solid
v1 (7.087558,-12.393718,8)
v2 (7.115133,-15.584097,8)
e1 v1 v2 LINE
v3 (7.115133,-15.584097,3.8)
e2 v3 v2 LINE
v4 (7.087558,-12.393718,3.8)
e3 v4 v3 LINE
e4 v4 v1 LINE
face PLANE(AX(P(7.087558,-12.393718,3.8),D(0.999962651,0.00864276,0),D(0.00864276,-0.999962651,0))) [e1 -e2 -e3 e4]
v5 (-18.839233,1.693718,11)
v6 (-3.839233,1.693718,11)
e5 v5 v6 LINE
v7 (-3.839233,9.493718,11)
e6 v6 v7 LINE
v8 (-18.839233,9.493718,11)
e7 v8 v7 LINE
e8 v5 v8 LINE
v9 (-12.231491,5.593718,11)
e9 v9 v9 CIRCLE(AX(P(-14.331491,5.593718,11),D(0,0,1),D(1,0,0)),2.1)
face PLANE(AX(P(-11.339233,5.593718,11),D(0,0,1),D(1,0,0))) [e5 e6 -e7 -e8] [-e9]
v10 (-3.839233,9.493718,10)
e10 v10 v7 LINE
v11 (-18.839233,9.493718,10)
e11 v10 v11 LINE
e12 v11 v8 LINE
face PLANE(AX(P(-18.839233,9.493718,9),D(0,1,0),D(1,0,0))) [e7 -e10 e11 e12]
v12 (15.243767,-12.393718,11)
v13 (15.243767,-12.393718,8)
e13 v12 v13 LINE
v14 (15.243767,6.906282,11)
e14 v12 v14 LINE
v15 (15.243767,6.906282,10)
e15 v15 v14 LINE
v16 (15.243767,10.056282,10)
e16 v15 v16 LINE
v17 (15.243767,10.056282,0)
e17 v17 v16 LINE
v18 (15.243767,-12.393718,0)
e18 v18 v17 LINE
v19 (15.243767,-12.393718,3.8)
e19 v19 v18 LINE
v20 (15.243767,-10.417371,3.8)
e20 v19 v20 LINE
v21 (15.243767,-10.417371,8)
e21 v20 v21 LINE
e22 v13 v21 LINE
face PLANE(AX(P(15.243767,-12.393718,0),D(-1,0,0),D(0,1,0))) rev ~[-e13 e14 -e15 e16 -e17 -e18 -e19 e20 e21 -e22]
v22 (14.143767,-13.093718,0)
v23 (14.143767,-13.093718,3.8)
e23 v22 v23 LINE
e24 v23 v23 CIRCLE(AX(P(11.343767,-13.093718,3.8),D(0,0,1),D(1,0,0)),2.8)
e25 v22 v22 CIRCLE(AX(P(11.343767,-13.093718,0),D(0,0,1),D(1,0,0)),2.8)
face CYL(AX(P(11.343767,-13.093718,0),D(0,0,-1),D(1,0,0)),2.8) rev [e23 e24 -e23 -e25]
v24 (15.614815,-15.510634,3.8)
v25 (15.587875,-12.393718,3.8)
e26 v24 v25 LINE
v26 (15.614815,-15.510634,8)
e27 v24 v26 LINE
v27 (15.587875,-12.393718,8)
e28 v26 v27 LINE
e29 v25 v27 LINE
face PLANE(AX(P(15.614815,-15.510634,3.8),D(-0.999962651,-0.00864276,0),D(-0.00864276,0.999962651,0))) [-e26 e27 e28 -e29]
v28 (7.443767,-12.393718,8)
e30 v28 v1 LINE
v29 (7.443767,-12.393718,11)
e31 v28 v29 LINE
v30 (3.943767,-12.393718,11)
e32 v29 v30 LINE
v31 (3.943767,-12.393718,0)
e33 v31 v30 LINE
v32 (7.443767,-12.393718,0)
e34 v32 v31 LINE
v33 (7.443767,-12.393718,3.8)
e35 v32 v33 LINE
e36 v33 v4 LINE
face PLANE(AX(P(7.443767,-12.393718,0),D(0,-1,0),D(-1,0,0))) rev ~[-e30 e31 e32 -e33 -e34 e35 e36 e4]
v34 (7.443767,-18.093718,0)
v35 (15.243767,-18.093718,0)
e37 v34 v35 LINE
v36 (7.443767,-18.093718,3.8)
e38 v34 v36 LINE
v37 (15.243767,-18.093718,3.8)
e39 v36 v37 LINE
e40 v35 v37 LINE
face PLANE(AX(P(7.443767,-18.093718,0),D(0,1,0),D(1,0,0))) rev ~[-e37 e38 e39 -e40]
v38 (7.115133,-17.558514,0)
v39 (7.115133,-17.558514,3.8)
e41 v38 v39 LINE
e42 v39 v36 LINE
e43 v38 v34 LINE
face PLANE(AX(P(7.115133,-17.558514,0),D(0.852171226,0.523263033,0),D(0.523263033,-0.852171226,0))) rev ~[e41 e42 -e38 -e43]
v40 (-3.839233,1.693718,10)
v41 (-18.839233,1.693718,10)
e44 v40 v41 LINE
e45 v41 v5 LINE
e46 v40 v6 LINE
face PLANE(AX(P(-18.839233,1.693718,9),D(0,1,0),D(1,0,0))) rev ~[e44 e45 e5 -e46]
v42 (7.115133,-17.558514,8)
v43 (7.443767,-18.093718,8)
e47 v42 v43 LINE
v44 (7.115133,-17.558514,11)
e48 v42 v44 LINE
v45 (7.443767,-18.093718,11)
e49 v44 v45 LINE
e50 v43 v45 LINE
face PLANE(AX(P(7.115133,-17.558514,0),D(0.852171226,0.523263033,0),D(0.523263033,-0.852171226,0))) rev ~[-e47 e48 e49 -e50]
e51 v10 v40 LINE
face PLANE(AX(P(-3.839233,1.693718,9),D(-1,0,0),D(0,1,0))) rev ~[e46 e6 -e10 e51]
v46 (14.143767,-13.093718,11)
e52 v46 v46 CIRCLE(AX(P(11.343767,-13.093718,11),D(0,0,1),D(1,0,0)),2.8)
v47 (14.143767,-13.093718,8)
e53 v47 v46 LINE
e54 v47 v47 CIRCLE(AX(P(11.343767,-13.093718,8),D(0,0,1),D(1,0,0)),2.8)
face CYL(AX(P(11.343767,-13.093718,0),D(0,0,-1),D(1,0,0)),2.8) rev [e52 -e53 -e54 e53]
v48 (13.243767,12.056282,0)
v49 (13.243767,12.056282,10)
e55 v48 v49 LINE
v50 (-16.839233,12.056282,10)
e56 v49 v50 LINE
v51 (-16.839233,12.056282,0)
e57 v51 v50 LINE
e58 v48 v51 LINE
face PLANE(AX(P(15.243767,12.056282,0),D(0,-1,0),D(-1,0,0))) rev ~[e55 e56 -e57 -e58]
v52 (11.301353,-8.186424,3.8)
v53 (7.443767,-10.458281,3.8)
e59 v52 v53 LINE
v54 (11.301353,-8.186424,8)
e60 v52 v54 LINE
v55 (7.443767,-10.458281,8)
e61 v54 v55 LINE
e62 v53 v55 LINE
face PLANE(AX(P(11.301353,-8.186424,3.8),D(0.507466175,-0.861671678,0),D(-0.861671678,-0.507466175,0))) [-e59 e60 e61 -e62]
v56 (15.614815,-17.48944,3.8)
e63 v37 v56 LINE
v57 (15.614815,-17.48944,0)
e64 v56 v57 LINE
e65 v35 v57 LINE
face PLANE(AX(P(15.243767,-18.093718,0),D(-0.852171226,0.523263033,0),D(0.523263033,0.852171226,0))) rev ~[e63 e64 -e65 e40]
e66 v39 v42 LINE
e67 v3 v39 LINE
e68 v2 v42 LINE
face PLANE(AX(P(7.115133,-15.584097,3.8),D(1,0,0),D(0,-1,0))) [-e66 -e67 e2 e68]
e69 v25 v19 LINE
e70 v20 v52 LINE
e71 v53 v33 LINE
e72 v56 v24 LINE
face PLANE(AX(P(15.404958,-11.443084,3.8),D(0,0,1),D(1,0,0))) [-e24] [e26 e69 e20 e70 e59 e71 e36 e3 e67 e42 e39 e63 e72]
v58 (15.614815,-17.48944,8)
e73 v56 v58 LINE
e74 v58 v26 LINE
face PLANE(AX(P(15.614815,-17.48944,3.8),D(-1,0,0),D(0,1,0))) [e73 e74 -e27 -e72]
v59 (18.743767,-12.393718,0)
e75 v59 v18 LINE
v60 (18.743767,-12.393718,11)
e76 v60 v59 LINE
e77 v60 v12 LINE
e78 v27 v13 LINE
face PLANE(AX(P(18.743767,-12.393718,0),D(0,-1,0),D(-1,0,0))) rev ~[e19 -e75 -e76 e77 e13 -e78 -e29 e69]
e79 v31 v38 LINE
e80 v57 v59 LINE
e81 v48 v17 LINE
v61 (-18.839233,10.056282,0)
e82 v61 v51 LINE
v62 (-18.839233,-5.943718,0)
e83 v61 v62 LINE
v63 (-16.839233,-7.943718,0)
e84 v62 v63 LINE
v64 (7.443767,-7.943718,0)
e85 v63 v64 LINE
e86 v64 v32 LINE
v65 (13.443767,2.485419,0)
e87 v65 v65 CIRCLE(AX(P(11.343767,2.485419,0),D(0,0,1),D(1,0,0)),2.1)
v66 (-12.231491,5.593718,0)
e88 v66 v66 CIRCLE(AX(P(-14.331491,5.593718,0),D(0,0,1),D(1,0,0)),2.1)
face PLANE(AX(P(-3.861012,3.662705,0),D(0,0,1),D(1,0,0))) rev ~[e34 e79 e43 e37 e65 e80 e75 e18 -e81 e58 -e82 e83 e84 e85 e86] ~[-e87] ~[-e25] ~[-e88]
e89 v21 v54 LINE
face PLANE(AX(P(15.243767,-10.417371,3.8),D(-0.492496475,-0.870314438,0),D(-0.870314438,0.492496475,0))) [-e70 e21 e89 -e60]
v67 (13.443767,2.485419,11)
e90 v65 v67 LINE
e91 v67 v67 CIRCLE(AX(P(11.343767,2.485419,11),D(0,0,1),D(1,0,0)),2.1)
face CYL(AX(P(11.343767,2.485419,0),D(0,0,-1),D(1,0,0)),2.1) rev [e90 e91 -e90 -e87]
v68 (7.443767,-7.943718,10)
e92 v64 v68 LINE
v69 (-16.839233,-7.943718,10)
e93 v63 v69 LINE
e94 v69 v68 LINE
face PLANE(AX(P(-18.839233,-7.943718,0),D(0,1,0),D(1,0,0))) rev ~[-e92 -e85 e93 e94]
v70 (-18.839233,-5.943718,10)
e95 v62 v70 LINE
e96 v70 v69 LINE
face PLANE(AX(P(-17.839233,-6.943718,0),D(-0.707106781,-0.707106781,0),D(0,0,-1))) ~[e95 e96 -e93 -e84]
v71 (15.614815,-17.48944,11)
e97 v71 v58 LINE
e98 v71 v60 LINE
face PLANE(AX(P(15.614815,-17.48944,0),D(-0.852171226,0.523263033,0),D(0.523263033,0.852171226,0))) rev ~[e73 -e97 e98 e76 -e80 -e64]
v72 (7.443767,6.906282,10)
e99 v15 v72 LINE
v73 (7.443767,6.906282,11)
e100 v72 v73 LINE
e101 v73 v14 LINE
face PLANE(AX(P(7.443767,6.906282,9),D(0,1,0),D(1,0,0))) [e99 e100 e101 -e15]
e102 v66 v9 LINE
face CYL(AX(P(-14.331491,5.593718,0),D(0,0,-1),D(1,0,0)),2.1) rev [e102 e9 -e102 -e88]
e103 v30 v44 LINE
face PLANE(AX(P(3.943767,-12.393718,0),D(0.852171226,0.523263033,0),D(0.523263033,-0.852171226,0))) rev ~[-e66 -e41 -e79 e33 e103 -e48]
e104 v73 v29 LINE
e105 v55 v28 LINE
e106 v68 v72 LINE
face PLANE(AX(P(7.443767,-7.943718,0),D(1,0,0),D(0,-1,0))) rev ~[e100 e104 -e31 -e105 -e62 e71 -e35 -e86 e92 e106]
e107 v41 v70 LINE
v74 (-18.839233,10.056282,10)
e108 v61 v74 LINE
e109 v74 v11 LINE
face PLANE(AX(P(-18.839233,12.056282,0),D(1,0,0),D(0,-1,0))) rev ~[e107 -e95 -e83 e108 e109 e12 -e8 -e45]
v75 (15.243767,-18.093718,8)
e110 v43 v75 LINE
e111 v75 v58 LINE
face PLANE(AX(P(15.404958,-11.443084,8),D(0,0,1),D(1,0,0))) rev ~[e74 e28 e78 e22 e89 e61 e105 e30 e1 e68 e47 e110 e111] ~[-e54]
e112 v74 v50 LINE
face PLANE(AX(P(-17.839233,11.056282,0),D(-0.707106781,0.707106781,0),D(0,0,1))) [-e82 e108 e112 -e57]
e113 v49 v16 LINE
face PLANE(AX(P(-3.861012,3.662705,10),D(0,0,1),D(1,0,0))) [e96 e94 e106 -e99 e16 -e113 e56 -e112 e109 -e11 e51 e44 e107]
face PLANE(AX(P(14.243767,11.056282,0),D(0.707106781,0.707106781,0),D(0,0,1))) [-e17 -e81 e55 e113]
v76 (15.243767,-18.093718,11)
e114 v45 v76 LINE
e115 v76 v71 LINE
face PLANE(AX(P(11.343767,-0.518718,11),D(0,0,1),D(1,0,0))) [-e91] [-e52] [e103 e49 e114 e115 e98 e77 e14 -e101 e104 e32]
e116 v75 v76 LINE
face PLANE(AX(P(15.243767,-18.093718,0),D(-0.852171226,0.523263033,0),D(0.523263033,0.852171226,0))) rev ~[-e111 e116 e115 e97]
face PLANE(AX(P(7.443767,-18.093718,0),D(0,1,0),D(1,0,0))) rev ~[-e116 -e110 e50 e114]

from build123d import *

# Parameters (mm, degrees)
F0_W     = 15
F0_H     = 7.8
F0_R     = 2.1
F0_W_2   = 7.8
F0_H_2   = 14.85
F0_R_2   = 2.8
F1_DEPTH = 10
F2_START = 9
F2_DEPTH = 2
F3_START = 3.8
F3_DEPTH = 4.2
F4_SIZE  = 2


with BuildPart() as f1:
    # F0 (on Top) → F1 (new body)
    with BuildSketch(Plane.XY):
        Polygon((7.4437668294, -7.943718292), (7.4437668294, 6.906281708), (15.2437668294, 6.906281708), (15.2437668294, 12.056281708), (-18.8392331706, 12.056281708), (-18.8392331706, 9.493718292), (-3.8392331706, 9.493718292), (-3.8392331706, 1.693718292), (-18.8392331706, 1.693718292), (-18.8392331706, -7.943718292), align=None)
        Polygon((15.2437668294, -7.943718292), (7.4437668294, -7.943718292), (7.4437668294, -10.4582807188), (11.3013526795, -8.186424295), (15.2437668294, -10.4173709361), align=None)
        Polygon((7.115132639, -15.5840970217), (7.0875579305, -12.393718292), (3.9437668294, -12.393718292), (7.115132639, -17.5585140392), align=None)
        Polygon((7.4437668294, -18.093718292), (7.4437668294, -15.7700656479), (7.115132639, -15.5840970217), (7.115132639, -17.5585140392), align=None)
        Polygon((18.7437668294, -12.393718292), (15.5878754119, -12.393718292), (15.6148151695, -15.5106335593), (15.6148151695, -17.4894395666), align=None)
        Polygon((15.6148151695, -15.5106335593), (15.2437668294, -15.7291558652), (15.2437668294, -18.093718292), (15.6148151695, -17.4894395666), align=None)
        with Locations((-11.3392331706, 5.593718292)):
            Rectangle(F0_W, F0_H)
        with Locations((-14.3314907327, 5.593718292)):
            Circle(F0_R, mode=Mode.SUBTRACT)
        with Locations((11.3437668294, -0.518718292)):
            Rectangle(F0_W_2, F0_H_2)
        with Locations((11.3437668294, 2.4854193907)):
            Circle(F0_R, mode=Mode.SUBTRACT)
        Polygon((11.3861809792, -18.001012289), (7.4437668294, -15.7700656479), (7.4437668294, -18.093718292), (15.2437668294, -18.093718292), (15.2437668294, -15.7291558652), align=None)
        Polygon((7.4437668294, -15.7700656479), (7.4437668294, -12.393718292), (7.0875579305, -12.393718292), (7.115132639, -15.5840970217), align=None)
        Polygon((15.5878754119, -12.393718292), (15.2437668294, -12.393718292), (15.2437668294, -15.7291558652), (15.6148151695, -15.5106335593), align=None)
        Polygon((11.3013526795, -8.186424295), (7.4437668294, -10.4582807188), (7.4437668294, -12.393718292), (7.4437668294, -15.7700656479), (11.3861809792, -18.001012289), (15.2437668294, -15.7291558652), (15.2437668294, -12.393718292), (15.2437668294, -10.4173709361), align=None)
        with Locations((11.3437668294, -13.093718292)):
            Circle(F0_R_2, mode=Mode.SUBTRACT)
    extrude(amount=F1_DEPTH)

    # F0 (on Top) → F2 (join)
    with BuildSketch(Plane.XY.offset(F2_START)):
        with Locations((-11.3392331706, 5.593718292)):
            Rectangle(F0_W, F0_H)
        with Locations((-14.3314907327, 5.593718292)):
            Circle(F0_R, mode=Mode.SUBTRACT)
        with Locations((11.3437668294, -0.518718292)):
            Rectangle(F0_W_2, F0_H_2)
        with Locations((11.3437668294, 2.4854193907)):
            Circle(F0_R, mode=Mode.SUBTRACT)
        Polygon((7.4437668294, -15.7700656479), (7.4437668294, -12.393718292), (7.0875579305, -12.393718292), (7.115132639, -15.5840970217), align=None)
        Polygon((7.4437668294, -18.093718292), (7.4437668294, -15.7700656479), (7.115132639, -15.5840970217), (7.115132639, -17.5585140392), align=None)
        Polygon((11.3861809792, -18.001012289), (7.4437668294, -15.7700656479), (7.4437668294, -18.093718292), (15.2437668294, -18.093718292), (15.2437668294, -15.7291558652), align=None)
        Polygon((18.7437668294, -12.393718292), (15.5878754119, -12.393718292), (15.6148151695, -15.5106335593), (15.6148151695, -17.4894395666), align=None)
        Polygon((15.6148151695, -15.5106335593), (15.2437668294, -15.7291558652), (15.2437668294, -18.093718292), (15.6148151695, -17.4894395666), align=None)
        Polygon((7.115132639, -15.5840970217), (7.0875579305, -12.393718292), (3.9437668294, -12.393718292), (7.115132639, -17.5585140392), align=None)
        Polygon((11.3013526795, -8.186424295), (7.4437668294, -10.4582807188), (7.4437668294, -12.393718292), (7.4437668294, -15.7700656479), (11.3861809792, -18.001012289), (15.2437668294, -15.7291558652), (15.2437668294, -12.393718292), (15.2437668294, -10.4173709361), align=None)
        with Locations((11.3437668294, -13.093718292)):
            Circle(F0_R_2, mode=Mode.SUBTRACT)
        Polygon((15.2437668294, -7.943718292), (7.4437668294, -7.943718292), (7.4437668294, -10.4582807188), (11.3013526795, -8.186424295), (15.2437668294, -10.4173709361), align=None)
        Polygon((15.5878754119, -12.393718292), (15.2437668294, -12.393718292), (15.2437668294, -15.7291558652), (15.6148151695, -15.5106335593), align=None)
    extrude(amount=F2_DEPTH)

    # F0 (on Top) → F3 (cut)
    with BuildSketch(Plane.XY.offset(F3_START)):
        Polygon((15.5724010197, -10.6033395623), (15.2437668294, -10.4173709361), (15.2437668294, -12.393718292), (15.5878754119, -12.393718292), align=None)
        Polygon((11.3013526795, -8.186424295), (7.4437668294, -10.4582807188), (7.4437668294, -12.393718292), (7.4437668294, -15.7700656479), (11.3861809792, -18.001012289), (15.2437668294, -15.7291558652), (15.2437668294, -12.393718292), (15.2437668294, -10.4173709361), align=None)
        with Locations((11.3437668294, -13.093718292)):
            Circle(F0_R_2, mode=Mode.SUBTRACT)
        Polygon((15.5878754119, -12.393718292), (15.2437668294, -12.393718292), (15.2437668294, -15.7291558652), (15.6148151695, -15.5106335593), align=None)
        Polygon((7.4437668294, -15.7700656479), (7.4437668294, -12.393718292), (7.0875579305, -12.393718292), (7.115132639, -15.5840970217), align=None)
        Polygon((7.4437668294, -12.393718292), (7.4437668294, -10.4582807188), (7.0727184892, -10.6768030247), (7.0875579305, -12.393718292), align=None)
        Polygon((11.3861809792, -18.001012289), (7.4437668294, -15.7700656479), (7.4437668294, -18.093718292), (15.2437668294, -18.093718292), (15.2437668294, -15.7291558652), align=None)
        Polygon((15.6148151695, -15.5106335593), (15.2437668294, -15.7291558652), (15.2437668294, -18.093718292), (15.6148151695, -17.4894395666), align=None)
        Polygon((7.4437668294, -18.093718292), (7.4437668294, -15.7700656479), (7.115132639, -15.5840970217), (7.115132639, -17.5585140392), align=None)
    extrude(amount=F3_DEPTH, mode=Mode.SUBTRACT)

    # F4
    f4_edges = [f1.edges().sort_by_distance(p)[0] for p in [
        (15.243767, 12.056282, 5),
        (-18.839233, -7.943718, 5),
        (-18.839233, 12.056282, 5),
    ]]
    chamfer(f4_edges, length=F4_SIZE)


solid = f1.part
